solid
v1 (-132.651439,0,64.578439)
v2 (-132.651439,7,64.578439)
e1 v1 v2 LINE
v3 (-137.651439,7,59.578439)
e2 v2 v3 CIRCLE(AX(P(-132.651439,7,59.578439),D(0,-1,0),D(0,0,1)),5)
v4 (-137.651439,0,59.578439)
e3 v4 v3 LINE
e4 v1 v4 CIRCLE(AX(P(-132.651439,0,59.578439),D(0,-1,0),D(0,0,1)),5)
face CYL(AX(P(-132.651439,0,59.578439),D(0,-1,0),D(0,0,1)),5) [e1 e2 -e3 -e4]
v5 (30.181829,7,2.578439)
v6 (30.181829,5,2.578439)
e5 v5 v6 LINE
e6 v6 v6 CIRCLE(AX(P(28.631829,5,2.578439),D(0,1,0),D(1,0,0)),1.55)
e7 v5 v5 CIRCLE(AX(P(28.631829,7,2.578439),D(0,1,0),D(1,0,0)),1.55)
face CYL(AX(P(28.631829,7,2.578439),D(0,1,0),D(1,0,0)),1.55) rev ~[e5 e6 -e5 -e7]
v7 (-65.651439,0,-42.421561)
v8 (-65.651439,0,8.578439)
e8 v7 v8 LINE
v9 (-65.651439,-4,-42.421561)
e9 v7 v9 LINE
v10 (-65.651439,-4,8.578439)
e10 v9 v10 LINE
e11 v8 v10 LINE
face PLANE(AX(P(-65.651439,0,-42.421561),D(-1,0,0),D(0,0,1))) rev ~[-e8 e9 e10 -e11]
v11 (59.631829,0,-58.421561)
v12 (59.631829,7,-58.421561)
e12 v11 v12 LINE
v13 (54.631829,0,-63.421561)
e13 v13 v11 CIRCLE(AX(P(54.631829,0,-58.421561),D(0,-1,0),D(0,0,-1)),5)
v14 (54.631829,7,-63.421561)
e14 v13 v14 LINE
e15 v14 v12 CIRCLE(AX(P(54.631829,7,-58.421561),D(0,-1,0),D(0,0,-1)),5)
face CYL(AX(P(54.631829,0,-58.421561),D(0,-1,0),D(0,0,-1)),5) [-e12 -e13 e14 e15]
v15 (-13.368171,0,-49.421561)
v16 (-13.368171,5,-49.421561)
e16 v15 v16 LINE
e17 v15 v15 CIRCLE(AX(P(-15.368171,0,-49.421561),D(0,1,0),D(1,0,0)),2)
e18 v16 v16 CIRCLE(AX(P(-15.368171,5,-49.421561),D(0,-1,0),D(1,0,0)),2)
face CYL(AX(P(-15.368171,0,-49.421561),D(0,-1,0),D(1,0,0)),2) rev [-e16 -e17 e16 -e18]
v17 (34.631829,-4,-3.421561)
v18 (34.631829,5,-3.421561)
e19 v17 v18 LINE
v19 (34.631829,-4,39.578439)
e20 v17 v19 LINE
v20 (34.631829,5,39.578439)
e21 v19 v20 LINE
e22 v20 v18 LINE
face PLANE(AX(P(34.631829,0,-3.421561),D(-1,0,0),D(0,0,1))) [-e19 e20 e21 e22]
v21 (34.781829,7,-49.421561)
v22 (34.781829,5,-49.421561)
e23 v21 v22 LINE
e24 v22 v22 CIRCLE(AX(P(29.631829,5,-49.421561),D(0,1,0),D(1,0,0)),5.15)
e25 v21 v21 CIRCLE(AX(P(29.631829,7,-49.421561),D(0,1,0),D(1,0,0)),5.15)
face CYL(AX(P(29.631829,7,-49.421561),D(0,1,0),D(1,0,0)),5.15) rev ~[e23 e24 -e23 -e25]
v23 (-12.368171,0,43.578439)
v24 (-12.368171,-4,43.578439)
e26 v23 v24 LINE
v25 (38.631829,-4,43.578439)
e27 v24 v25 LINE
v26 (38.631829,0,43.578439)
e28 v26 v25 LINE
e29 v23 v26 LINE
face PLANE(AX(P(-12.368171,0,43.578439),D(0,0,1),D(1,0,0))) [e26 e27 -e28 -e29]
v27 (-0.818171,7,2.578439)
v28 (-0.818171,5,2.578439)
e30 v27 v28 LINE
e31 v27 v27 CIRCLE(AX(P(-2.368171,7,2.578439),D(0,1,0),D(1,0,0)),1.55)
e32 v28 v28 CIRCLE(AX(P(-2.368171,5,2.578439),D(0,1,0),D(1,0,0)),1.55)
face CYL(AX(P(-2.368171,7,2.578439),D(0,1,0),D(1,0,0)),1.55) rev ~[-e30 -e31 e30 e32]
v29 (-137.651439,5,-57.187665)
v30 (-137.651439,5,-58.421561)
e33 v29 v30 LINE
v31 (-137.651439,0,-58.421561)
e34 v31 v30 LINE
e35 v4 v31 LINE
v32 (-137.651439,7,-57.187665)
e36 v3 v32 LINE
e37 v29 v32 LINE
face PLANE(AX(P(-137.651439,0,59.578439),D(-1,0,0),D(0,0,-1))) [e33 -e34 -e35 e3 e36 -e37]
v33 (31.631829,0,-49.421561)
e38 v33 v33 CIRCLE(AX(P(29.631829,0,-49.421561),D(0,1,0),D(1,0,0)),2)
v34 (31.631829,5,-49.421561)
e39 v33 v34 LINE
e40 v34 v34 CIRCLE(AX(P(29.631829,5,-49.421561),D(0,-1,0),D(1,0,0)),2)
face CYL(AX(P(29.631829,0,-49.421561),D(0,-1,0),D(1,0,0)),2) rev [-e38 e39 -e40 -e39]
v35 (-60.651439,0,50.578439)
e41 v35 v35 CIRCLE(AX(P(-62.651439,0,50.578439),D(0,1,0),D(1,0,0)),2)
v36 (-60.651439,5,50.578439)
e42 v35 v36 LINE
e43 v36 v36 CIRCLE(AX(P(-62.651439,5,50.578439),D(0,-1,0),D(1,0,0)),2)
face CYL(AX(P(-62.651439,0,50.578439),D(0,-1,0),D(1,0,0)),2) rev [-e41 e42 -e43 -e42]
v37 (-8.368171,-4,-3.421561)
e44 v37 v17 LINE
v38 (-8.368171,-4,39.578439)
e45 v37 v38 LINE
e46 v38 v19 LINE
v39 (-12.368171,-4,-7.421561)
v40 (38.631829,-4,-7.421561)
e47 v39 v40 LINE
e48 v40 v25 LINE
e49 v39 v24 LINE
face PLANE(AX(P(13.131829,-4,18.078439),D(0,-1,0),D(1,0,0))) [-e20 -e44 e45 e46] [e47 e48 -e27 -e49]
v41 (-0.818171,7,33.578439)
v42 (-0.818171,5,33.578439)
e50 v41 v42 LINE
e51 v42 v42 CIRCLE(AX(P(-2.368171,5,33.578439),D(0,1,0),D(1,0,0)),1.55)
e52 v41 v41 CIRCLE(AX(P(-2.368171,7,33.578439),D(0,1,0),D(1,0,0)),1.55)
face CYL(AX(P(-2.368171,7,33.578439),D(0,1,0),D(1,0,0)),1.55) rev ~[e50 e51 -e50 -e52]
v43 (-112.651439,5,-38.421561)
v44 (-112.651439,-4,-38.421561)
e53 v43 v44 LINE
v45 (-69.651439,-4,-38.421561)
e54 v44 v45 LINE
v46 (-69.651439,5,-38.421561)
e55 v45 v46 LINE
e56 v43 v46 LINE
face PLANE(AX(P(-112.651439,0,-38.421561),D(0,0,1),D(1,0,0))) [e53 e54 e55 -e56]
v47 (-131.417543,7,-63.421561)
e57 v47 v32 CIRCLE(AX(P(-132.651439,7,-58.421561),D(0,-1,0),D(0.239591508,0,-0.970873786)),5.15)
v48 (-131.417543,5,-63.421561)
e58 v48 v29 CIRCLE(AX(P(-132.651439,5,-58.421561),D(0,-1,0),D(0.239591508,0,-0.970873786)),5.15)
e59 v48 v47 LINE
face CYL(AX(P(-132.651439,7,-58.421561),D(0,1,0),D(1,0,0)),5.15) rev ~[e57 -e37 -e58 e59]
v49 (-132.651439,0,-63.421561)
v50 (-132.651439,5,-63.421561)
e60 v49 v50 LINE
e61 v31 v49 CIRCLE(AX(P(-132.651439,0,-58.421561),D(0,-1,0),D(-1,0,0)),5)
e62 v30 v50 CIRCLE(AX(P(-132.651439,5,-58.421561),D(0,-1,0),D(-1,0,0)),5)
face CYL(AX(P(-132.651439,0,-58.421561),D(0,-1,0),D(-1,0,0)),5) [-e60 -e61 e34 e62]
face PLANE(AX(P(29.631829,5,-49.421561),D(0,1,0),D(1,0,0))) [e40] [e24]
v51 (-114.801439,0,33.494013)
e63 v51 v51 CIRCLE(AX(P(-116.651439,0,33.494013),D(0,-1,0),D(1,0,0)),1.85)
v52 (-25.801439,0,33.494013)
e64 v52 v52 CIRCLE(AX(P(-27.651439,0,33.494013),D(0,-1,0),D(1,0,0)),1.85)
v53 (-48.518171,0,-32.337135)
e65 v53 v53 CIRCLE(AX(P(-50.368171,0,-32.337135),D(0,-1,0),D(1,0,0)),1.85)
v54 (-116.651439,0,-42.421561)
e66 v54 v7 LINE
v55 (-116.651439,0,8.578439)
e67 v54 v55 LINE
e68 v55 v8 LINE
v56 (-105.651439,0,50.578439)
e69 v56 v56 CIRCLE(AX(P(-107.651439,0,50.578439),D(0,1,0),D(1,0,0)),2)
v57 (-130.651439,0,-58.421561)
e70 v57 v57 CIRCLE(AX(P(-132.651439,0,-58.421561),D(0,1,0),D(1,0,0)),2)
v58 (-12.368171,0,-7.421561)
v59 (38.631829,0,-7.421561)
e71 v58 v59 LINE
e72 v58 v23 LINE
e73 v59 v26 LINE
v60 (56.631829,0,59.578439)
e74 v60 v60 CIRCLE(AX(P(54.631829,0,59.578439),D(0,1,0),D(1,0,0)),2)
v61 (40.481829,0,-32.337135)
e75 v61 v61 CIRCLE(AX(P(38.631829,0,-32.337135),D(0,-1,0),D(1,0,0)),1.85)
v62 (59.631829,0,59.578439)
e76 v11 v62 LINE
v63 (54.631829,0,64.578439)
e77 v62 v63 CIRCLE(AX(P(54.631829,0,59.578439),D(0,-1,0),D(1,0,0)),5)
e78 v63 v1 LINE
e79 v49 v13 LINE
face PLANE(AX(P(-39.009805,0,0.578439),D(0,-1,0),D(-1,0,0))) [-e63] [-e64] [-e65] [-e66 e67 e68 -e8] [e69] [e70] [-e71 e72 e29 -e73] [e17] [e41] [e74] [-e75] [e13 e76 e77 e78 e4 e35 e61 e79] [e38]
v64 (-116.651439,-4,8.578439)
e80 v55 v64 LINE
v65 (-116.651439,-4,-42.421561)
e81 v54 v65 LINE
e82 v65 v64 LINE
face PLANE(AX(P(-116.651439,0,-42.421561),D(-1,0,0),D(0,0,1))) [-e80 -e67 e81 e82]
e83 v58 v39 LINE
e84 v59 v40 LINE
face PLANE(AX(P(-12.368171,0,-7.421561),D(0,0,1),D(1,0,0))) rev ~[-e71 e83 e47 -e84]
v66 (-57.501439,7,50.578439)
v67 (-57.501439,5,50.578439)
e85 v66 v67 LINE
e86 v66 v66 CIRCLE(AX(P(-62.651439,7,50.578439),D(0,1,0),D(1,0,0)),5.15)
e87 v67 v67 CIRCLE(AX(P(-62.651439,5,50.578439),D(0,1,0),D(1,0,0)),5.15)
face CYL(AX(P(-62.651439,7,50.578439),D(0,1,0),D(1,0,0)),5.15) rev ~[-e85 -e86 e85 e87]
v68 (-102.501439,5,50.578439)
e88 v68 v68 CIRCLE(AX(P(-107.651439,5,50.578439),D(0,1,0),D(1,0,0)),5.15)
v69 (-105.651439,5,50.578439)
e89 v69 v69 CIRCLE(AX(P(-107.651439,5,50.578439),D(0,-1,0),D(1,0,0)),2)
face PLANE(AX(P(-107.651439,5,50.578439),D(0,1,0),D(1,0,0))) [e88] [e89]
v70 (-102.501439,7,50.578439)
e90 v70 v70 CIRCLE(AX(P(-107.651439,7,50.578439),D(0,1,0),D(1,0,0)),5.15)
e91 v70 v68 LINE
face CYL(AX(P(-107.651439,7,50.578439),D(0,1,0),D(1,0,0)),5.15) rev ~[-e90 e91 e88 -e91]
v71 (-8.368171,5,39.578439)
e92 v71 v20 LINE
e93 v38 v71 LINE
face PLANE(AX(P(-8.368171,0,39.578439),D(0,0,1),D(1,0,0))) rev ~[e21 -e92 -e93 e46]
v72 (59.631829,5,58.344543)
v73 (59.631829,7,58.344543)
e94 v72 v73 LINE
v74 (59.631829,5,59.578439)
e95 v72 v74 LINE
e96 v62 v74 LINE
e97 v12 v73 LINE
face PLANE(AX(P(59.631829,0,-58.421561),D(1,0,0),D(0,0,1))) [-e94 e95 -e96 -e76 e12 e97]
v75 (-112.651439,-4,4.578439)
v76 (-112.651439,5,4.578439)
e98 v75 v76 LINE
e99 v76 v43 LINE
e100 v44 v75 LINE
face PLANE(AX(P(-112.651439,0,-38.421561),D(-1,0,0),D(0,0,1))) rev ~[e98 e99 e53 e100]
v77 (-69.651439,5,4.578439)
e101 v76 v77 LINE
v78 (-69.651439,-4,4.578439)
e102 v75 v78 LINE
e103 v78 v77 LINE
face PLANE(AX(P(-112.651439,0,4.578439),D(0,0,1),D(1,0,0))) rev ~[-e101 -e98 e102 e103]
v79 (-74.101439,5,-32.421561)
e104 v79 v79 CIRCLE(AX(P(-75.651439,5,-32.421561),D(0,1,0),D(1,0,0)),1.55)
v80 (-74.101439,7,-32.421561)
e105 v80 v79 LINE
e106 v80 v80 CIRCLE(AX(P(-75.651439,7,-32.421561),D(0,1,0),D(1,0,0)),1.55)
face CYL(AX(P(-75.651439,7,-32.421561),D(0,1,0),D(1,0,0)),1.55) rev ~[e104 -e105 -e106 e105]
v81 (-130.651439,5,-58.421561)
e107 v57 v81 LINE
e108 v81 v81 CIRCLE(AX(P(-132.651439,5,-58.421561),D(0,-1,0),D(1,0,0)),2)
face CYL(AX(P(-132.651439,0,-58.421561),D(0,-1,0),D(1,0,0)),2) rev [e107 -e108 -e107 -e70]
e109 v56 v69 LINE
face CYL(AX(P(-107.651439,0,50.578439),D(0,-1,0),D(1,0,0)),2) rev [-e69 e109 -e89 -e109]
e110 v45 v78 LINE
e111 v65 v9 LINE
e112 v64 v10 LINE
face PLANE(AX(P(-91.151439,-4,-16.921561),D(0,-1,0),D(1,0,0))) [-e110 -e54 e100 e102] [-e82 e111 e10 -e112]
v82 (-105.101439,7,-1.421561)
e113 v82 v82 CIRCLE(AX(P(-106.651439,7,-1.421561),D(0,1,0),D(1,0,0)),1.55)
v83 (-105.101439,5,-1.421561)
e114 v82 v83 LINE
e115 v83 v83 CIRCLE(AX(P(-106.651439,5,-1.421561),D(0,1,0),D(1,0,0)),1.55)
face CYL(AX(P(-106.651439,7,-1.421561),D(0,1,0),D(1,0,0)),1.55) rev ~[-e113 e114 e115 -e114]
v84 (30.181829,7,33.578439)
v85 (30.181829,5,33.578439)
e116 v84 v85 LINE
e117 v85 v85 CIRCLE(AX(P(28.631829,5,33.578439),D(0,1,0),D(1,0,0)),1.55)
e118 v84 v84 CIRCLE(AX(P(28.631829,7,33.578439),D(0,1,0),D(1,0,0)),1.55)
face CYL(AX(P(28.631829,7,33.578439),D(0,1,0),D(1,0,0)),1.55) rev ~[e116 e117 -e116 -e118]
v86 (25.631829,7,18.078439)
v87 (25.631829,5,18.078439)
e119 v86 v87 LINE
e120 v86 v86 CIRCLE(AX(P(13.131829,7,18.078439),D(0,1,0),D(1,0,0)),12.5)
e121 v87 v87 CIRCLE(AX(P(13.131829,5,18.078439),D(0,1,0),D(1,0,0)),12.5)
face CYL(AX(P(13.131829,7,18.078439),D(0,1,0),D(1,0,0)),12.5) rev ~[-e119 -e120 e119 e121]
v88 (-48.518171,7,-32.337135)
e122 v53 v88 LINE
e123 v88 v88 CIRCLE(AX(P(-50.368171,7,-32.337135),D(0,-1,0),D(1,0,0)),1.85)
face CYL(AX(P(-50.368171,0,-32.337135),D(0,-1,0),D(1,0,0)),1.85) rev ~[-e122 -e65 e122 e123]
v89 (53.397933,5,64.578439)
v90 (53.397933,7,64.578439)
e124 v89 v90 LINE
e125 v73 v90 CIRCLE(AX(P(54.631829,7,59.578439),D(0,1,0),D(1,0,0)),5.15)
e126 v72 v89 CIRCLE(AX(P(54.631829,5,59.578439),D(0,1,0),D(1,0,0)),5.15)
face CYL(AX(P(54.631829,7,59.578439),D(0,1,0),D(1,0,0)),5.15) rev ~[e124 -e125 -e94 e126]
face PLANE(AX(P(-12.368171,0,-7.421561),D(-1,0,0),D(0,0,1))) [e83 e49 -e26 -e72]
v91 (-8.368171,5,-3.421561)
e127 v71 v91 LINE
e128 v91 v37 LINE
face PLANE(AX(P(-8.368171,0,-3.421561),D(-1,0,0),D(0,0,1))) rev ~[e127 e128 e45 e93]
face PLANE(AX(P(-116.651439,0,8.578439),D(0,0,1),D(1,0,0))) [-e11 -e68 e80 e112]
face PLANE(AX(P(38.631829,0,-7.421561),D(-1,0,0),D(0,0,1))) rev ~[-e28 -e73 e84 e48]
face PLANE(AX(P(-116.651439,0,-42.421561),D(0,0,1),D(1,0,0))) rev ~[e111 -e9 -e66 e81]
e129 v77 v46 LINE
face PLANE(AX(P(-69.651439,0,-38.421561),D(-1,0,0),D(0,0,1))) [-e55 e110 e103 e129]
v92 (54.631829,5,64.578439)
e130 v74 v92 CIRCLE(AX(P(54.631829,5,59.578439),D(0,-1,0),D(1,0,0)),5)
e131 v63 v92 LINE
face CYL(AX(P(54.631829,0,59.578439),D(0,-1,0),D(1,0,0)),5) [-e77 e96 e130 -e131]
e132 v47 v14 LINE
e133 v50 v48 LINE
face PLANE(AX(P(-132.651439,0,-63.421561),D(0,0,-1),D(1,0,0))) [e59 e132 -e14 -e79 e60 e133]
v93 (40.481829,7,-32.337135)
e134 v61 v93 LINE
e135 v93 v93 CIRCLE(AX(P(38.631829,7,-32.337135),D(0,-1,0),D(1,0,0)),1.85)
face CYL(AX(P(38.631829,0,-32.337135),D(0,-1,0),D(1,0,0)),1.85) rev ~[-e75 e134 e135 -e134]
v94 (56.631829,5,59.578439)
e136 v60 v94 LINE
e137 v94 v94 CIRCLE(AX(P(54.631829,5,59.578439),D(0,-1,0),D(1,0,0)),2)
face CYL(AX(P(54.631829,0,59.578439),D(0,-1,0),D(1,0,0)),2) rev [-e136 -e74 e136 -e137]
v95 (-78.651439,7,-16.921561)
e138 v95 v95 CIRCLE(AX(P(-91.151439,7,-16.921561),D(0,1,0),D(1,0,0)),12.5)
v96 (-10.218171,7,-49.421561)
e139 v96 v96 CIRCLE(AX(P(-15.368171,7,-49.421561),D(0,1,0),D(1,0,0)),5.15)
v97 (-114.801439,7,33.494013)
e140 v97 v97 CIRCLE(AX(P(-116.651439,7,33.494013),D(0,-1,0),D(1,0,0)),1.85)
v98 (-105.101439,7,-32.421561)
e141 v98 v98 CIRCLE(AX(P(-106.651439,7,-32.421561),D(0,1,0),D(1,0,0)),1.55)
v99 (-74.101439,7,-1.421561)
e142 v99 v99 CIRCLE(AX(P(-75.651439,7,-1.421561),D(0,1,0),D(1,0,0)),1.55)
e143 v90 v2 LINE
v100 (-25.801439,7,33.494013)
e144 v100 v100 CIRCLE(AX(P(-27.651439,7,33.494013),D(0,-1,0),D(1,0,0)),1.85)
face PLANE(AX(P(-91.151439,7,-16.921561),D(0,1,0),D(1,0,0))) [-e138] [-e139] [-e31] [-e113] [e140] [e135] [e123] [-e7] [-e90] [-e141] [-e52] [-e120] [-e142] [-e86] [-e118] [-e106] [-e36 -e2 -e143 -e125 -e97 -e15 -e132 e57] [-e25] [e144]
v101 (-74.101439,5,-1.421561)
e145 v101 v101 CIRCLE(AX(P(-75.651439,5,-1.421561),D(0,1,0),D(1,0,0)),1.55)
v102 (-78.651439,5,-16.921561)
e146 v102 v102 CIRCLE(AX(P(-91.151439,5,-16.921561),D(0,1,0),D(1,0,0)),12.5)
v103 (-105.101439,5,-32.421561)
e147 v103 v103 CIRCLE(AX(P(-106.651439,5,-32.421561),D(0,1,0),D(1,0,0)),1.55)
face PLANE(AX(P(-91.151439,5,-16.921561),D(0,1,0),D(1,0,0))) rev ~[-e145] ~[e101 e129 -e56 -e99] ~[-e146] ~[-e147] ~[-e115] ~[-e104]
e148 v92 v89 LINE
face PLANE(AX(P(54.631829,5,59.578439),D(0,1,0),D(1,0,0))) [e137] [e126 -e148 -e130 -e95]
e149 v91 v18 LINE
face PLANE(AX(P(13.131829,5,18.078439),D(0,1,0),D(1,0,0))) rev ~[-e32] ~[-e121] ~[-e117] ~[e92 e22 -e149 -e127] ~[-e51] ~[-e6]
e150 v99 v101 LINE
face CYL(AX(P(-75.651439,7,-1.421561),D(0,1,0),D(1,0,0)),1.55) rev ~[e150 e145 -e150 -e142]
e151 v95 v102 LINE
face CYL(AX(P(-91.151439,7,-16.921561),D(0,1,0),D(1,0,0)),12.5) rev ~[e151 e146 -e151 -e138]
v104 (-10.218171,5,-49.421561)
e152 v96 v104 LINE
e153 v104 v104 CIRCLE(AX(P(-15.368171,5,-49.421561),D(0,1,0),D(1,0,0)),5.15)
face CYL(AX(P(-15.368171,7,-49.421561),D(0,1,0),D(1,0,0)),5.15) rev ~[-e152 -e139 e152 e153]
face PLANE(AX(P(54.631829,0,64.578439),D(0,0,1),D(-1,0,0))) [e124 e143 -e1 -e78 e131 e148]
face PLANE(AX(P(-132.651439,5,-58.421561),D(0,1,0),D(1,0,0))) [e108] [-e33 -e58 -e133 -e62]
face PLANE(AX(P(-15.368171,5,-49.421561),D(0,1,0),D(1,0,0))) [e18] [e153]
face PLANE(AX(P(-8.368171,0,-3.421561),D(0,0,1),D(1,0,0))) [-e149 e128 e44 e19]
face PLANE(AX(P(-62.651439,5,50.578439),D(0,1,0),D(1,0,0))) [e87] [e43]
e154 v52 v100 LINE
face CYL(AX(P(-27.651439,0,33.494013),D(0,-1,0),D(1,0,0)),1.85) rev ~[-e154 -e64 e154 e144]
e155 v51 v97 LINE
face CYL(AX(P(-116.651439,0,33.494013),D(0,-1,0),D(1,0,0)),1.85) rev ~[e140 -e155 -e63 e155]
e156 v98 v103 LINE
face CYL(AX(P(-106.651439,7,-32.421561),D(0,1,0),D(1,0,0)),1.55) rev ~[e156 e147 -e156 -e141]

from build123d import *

# Parameters (mm, degrees)
SKETCH1_R           = 2
SKETCH1_W           = 43
SKETCH1_H           = 43
BOSS_EXTRUDE1_DEPTH = 7
SKETCH2_W           = 43
SKETCH2_H           = 43
SKETCH2_R           = 12.5
SKETCH2_R_2         = 1.55
BOSS_EXTRUDE2_DEPTH = 2
SKETCH3_W           = 51
SKETCH3_H           = 51
SKETCH3_W_2         = 43
SKETCH3_H_2         = 43
BOSS_EXTRUDE3_DEPTH = 4
SKETCH4_R           = 5.15
CUT_EXTRUDE1_DEPTH  = 2
SKETCH5_R           = 1.85
CUT_EXTRUDE2_DEPTH  = 10


with BuildPart() as part:
    # Sketch1 → Boss-Extrude1 (new body)
    with BuildSketch(Plane(origin=(0, 0, 0), x_dir=(1, 0, 0), z_dir=(0, 1, 0))):
        with BuildLine():
            Line((-132.651439051, 63.421561199), (54.631829022, 63.421561199))
            ThreePointArc((54.631829022, 63.421561199), (58.167362928, 61.957095105), (59.631829022, 58.421561199))
            Line((59.631829022, 58.421561199), (59.631829022, -59.578438801))
            ThreePointArc((59.631829022, -59.578438801), (58.167362928, -63.113972707), (54.631829022, -64.578438801))
            Line((54.631829022, -64.578438801), (-132.651439051, -64.578438801))
            ThreePointArc((-132.651439051, -64.578438801), (-136.186972957, -63.113972707), (-137.651439051, -59.578438801))
            Line((-137.651439051, -59.578438801), (-137.651439051, 58.421561199))
            ThreePointArc((-137.651439051, 58.421561199), (-136.186972957, 61.957095105), (-132.651439051, 63.421561199))
        make_face()
        with Locations((-132.651439051, 58.421561199)):
            Circle(SKETCH1_R, mode=Mode.SUBTRACT)
        with Locations((54.631829022, -59.578438801)):
            Circle(SKETCH1_R, mode=Mode.SUBTRACT)
        with Locations((29.631829022, 49.421561199)):
            Circle(SKETCH1_R, mode=Mode.SUBTRACT)
        with Locations((-15.368170978, 49.421561199)):
            Circle(SKETCH1_R, mode=Mode.SUBTRACT)
        with Locations((-107.651439051, -50.578438801)):
            Circle(SKETCH1_R, mode=Mode.SUBTRACT)
        with Locations((-62.651439051, -50.578438801)):
            Circle(SKETCH1_R, mode=Mode.SUBTRACT)
        with Locations((-91.151439051, 16.921561199)):
            Rectangle(SKETCH1_W, SKETCH1_H, mode=Mode.SUBTRACT)
        with Locations((13.131829022, -18.078438801)):
            Rectangle(SKETCH1_W, SKETCH1_H, mode=Mode.SUBTRACT)
    extrude(amount=BOSS_EXTRUDE1_DEPTH)

    # Sketch2 → Boss-Extrude2 (add)
    with BuildSketch(Plane(origin=(0, 7, 0), x_dir=(1, 0, 0), z_dir=(0, 1, 0))):
        with Locations((-91.151439051, 16.921561199)):
            Rectangle(SKETCH2_W, SKETCH2_H)
        with Locations((-91.151439051, 16.921561199)):
            Circle(SKETCH2_R, mode=Mode.SUBTRACT)
        with Locations((-106.651439051, 32.421561199)):
            Circle(SKETCH2_R_2, mode=Mode.SUBTRACT)
        with Locations((-75.651439051, 32.421561199)):
            Circle(SKETCH2_R_2, mode=Mode.SUBTRACT)
        with Locations((-75.651439051, 1.421561199)):
            Circle(SKETCH2_R_2, mode=Mode.SUBTRACT)
        with Locations((-106.651439051, 1.421561199)):
            Circle(SKETCH2_R_2, mode=Mode.SUBTRACT)
        with Locations((13.131829022, -18.078438801)):
            Rectangle(SKETCH2_W, SKETCH2_H)
        with Locations((13.131829022, -18.078438801)):
            Circle(SKETCH2_R, mode=Mode.SUBTRACT)
        with Locations((28.631829022, -33.578438801)):
            Circle(SKETCH2_R_2, mode=Mode.SUBTRACT)
        with Locations((-2.368170978, -33.578438801)):
            Circle(SKETCH2_R_2, mode=Mode.SUBTRACT)
        with Locations((-2.368170978, -2.578438801)):
            Circle(SKETCH2_R_2, mode=Mode.SUBTRACT)
        with Locations((28.631829022, -2.578438801)):
            Circle(SKETCH2_R_2, mode=Mode.SUBTRACT)
    extrude(amount=-BOSS_EXTRUDE2_DEPTH)

    # Sketch3 → Boss-Extrude3 (add)
    with BuildSketch(Plane.XZ):
        with Locations((13.131829022, 18.078438801)):
            Rectangle(SKETCH3_W, SKETCH3_H)
        with Locations((13.131829022, 18.078438801)):
            Rectangle(SKETCH3_W_2, SKETCH3_H_2, mode=Mode.SUBTRACT)
        with Locations((-91.151439051, -16.921561199)):
            Rectangle(SKETCH3_W, SKETCH3_H)
        with Locations((-91.151439051, -16.921561199)):
            Rectangle(SKETCH3_W_2, SKETCH3_H_2, mode=Mode.SUBTRACT)
    extrude(amount=BOSS_EXTRUDE3_DEPTH)

    # Sketch4 → Cut-Extrude1 (cut)
    with BuildSketch(Plane(origin=(0, 7, 0), x_dir=(1, 0, 0), z_dir=(0, 1, 0))):
        with Locations((-132.651439051, 58.421561199)):
            Circle(SKETCH4_R)
        with Locations((-15.368170978, 49.421561199)):
            Circle(SKETCH4_R)
        with Locations((29.631829022, 49.421561199)):
            Circle(SKETCH4_R)
        with Locations((54.631829022, -59.578438801)):
            Circle(SKETCH4_R)
        with Locations((-62.651439051, -50.578438801)):
            Circle(SKETCH4_R)
        with Locations((-107.651439051, -50.578438801)):
            Circle(SKETCH4_R)
    extrude(amount=-CUT_EXTRUDE1_DEPTH, mode=Mode.SUBTRACT)

    # Sketch5 → Cut-Extrude2 (cut)
    with BuildSketch(Plane.XZ):
        with Locations((-116.651439051, 33.49401297)):
            Circle(SKETCH5_R)
        with Locations((-27.651439051, 33.49401297)):
            Circle(SKETCH5_R)
        with Locations((-50.368170978, -32.337135367)):
            Circle(SKETCH5_R)
        with Locations((38.631829022, -32.337135367)):
            Circle(SKETCH5_R)
    extrude(amount=-CUT_EXTRUDE2_DEPTH, mode=Mode.SUBTRACT)


solid = part.part
